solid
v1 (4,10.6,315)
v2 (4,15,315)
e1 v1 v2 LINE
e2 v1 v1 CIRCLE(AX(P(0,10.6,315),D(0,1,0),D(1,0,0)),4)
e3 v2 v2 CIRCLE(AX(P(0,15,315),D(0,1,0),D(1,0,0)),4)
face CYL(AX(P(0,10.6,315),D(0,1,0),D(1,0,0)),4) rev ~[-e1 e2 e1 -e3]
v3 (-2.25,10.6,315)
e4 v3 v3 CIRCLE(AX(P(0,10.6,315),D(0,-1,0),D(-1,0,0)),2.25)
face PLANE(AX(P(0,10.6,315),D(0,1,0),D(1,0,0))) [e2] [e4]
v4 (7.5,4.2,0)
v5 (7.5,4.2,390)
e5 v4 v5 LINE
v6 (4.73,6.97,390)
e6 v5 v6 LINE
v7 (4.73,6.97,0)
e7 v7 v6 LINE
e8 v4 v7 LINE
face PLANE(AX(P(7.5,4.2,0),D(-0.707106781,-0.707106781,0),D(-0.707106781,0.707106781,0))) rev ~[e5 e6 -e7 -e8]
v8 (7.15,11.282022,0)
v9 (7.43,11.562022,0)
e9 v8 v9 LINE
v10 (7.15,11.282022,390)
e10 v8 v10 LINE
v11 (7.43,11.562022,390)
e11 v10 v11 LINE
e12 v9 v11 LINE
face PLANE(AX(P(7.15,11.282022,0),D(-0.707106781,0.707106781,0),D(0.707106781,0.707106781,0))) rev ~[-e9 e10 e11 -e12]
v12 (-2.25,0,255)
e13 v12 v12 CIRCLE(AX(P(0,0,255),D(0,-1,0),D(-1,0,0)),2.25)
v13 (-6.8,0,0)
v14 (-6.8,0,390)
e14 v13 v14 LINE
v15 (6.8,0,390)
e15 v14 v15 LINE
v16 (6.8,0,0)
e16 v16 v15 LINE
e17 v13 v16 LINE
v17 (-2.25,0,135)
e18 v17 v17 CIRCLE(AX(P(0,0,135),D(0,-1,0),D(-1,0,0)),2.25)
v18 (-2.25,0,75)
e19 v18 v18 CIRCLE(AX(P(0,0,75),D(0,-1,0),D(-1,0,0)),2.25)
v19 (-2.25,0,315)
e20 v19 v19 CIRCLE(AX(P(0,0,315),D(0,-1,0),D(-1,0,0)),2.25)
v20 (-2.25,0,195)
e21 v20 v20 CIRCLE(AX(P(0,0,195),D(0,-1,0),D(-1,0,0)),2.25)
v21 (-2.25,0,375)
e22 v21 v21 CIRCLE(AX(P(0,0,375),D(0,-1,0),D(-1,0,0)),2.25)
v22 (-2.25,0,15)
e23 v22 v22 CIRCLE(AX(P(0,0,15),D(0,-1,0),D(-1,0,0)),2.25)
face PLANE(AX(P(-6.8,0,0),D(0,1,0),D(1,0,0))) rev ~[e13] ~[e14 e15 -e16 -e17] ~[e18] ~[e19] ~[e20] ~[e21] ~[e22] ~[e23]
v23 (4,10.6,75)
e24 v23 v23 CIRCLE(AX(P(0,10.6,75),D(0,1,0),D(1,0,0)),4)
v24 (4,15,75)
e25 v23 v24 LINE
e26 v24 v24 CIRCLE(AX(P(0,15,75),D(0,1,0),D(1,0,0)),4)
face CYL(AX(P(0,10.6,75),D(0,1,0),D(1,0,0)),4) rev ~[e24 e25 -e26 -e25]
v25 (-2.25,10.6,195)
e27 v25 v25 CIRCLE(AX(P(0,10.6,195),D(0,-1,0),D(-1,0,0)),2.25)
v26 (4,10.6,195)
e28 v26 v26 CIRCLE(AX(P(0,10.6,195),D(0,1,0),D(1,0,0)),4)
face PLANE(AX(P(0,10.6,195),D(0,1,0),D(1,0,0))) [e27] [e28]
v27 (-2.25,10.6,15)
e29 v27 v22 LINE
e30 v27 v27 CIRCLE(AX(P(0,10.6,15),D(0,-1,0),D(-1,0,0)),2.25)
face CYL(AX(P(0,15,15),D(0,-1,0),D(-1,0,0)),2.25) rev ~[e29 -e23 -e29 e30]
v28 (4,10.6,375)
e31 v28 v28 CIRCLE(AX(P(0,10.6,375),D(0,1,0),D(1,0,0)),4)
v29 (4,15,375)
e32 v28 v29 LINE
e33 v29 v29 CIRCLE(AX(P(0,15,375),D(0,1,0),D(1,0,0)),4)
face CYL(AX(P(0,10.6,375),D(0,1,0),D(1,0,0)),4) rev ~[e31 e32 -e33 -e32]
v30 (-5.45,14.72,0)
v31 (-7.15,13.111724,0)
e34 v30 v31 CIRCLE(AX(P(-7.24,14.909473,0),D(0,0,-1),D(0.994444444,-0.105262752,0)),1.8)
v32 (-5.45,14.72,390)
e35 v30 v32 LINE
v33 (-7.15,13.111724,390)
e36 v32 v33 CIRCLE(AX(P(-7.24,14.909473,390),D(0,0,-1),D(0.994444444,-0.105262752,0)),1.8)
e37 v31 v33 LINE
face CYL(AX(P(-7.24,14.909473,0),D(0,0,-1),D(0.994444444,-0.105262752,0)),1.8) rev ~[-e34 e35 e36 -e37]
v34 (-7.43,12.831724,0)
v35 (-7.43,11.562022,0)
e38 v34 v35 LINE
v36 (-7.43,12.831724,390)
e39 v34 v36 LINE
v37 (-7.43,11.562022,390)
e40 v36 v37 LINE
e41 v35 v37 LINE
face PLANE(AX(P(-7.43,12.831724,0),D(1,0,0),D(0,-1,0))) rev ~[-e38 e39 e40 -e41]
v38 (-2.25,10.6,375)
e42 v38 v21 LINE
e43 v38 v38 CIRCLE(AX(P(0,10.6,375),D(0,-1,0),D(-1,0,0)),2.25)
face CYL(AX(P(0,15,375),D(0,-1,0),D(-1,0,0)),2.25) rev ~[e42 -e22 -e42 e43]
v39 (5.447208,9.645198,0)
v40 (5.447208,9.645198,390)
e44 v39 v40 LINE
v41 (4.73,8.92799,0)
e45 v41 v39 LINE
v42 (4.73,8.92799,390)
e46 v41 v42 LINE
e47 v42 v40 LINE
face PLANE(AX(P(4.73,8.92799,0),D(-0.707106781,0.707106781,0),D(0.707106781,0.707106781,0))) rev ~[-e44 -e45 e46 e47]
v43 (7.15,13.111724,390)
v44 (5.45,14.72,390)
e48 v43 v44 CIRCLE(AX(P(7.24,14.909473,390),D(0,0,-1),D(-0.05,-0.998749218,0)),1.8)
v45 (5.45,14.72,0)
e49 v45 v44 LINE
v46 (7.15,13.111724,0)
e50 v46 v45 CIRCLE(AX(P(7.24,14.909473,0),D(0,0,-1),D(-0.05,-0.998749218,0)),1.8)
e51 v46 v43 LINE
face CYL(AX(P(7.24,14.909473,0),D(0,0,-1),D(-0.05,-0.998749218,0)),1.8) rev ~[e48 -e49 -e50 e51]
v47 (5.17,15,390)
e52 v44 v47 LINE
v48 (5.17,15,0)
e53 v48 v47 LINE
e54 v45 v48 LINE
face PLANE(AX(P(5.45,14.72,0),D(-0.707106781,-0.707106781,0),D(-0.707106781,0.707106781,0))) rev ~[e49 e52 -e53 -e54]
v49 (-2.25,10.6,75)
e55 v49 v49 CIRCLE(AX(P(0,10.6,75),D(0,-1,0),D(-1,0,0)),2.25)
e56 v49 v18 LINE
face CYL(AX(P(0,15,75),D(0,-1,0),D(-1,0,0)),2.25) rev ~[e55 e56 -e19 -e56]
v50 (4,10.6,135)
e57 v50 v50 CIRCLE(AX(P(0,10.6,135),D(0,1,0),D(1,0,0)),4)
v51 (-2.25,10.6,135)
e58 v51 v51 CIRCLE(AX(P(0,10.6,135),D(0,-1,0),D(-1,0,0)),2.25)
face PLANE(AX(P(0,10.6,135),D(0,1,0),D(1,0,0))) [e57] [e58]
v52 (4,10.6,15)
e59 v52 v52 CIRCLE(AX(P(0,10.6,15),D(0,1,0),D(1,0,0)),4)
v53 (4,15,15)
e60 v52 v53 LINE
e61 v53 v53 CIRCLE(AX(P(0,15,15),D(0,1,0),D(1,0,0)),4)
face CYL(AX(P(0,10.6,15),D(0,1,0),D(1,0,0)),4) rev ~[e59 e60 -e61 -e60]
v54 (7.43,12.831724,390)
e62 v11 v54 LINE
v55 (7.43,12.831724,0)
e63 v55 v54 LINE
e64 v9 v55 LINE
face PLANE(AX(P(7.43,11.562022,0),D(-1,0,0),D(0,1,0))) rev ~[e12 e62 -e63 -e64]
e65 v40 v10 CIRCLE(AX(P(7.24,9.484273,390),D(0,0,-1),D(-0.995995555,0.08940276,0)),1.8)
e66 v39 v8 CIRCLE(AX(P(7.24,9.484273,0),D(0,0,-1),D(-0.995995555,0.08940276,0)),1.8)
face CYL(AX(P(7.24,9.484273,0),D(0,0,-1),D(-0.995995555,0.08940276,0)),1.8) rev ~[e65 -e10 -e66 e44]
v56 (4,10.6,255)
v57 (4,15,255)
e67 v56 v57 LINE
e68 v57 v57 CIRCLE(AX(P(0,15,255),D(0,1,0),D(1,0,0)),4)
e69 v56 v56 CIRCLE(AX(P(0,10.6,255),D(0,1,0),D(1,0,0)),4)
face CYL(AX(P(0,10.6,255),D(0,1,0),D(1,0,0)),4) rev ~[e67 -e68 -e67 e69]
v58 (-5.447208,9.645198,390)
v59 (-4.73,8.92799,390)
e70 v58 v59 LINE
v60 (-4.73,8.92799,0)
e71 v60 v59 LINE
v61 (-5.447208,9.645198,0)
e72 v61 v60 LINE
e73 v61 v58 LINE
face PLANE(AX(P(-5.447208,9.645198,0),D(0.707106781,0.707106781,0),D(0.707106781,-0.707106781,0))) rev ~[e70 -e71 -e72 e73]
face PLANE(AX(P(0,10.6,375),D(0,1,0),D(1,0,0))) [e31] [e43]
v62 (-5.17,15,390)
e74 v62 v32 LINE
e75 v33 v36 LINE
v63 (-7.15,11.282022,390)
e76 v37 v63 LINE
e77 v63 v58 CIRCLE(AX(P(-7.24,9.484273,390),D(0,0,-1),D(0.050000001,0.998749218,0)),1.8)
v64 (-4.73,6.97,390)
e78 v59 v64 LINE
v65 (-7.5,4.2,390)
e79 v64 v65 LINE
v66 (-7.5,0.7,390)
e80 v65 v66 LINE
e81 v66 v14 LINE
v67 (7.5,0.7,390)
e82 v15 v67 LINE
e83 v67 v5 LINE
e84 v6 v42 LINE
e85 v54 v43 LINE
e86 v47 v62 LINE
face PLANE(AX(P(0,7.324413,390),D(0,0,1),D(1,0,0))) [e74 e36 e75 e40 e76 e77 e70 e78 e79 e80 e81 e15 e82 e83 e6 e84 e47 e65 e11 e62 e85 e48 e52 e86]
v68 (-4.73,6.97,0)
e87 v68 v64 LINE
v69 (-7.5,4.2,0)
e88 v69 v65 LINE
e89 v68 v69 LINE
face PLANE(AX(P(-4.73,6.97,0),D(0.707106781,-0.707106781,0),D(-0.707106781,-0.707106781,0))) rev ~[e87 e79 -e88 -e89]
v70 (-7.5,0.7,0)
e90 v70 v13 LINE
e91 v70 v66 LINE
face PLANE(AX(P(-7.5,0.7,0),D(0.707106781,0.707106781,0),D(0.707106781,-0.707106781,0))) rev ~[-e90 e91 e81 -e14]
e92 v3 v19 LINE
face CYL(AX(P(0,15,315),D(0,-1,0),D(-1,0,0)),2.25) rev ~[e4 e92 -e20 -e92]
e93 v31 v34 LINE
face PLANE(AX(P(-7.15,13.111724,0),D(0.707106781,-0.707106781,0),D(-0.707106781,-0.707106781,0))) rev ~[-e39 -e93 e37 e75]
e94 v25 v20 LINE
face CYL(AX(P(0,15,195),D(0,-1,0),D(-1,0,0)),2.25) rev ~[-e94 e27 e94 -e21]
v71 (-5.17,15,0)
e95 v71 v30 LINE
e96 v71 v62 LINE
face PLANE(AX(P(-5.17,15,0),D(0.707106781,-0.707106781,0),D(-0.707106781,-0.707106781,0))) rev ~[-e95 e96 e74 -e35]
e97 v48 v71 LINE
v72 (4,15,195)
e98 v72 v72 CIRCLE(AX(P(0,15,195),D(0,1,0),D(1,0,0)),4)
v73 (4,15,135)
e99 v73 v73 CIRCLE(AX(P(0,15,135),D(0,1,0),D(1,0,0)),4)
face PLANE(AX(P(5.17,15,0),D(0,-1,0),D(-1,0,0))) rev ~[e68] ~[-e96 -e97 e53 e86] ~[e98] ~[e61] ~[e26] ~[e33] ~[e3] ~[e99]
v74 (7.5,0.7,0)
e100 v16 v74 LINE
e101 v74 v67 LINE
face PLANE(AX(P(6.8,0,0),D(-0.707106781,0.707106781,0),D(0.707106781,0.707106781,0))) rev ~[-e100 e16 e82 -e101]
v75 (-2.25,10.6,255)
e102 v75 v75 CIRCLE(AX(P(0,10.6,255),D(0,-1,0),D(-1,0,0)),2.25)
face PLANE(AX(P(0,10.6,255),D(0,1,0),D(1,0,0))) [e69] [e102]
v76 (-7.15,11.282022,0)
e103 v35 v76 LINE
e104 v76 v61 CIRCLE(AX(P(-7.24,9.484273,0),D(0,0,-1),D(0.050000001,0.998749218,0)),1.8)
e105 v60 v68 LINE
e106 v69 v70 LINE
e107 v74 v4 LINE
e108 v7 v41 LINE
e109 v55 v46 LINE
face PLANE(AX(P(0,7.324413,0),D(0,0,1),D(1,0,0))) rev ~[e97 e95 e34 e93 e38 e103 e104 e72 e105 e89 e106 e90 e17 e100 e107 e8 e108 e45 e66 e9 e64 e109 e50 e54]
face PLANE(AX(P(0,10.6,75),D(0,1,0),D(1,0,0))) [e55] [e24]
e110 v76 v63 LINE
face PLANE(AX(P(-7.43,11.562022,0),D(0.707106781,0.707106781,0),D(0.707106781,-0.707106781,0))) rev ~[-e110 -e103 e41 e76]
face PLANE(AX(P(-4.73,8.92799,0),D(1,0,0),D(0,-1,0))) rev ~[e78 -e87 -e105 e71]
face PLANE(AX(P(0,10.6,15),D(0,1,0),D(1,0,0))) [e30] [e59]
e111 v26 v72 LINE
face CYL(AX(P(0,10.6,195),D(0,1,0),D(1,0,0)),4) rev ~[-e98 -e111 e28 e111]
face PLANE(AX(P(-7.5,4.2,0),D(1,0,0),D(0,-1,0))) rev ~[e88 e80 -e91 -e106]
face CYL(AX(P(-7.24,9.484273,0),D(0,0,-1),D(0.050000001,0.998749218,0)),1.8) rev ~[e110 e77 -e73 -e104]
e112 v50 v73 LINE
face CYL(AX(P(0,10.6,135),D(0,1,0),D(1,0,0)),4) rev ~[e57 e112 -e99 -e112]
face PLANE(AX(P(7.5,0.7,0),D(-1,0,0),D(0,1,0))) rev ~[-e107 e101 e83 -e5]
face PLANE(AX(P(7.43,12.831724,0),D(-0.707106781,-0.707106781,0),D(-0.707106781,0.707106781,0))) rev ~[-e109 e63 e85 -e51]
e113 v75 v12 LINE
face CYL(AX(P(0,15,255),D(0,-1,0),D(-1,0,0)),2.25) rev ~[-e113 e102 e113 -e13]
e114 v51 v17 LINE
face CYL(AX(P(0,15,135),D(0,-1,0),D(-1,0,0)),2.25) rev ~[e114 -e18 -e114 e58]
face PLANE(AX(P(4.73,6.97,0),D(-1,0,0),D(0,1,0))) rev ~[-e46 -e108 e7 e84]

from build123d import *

# Parameters (mm, degrees)
BOSS_EXTRUDE1_DEPTH                                 = 390
CBORE_FOR_M4_HEX_SOCKET_HEAD_CAP_SCREW3_D           = 4.5
CBORE_FOR_M4_HEX_SOCKET_HEAD_CAP_SCREW3_CBORE_D     = 8
CBORE_FOR_M4_HEX_SOCKET_HEAD_CAP_SCREW3_CBORE_DEPTH = 4.4


with BuildPart() as part:
    # esboco-convertido → Boss-Extrude1 (new body)
    with BuildSketch(Plane.XY):
        with BuildLine():
            Line((-5.17, 15), (-5.45, 14.72))
            ThreePointArc((-5.45, 14.72), (-6.002972259, 13.601894134), (-7.15, 13.111724361))
            Line((-7.15, 13.111724361), (-7.43, 12.831724361))
            Line((-7.43, 12.831724361), (-7.43, 11.562021626))
            Line((-7.43, 11.562021626), (-7.15, 11.282021626))
            ThreePointArc((-7.15, 11.282021626), (-5.99259296, 10.781953917), (-5.447208, 9.645198))
            Line((-5.447208, 9.645198), (-4.73, 8.92799))
            Line((-4.73, 8.92799), (-4.73, 6.97))
            Line((-4.73, 6.97), (-7.5, 4.2))
            Line((-7.5, 4.2), (-7.5, 0.7))
            Line((-7.5, 0.7), (-6.8, 0))
            Line((-6.8, 0), (6.8, 0))
            Line((6.8, 0), (7.5, 0.7))
            Line((7.5, 0.7), (7.5, 4.2))
            Line((7.5, 4.2), (4.73, 6.97))
            Line((4.73, 6.97), (4.73, 8.92799))
            Line((4.73, 8.92799), (5.447208, 9.645198))
            ThreePointArc((5.447208, 9.645198), (5.99259296, 10.781953917), (7.15, 11.282021626))
            Line((7.15, 11.282021626), (7.43, 11.562021626))
            Line((7.43, 11.562021626), (7.43, 12.831724361))
            Line((7.43, 12.831724361), (7.15, 13.111724361))
            ThreePointArc((7.15, 13.111724361), (6.002972259, 13.601894134), (5.45, 14.72))
            Line((5.45, 14.72), (5.17, 15))
            Line((5.17, 15), (-5.17, 15))
        make_face()
    extrude(amount=BOSS_EXTRUDE1_DEPTH)

    # CBORE for M4 Hex Socket Head Cap Screw3 (through all)
    with Locations(Plane(origin=(0, 15, 0), x_dir=(1, 0, 0), z_dir=(0, 1, 0))):
        with Locations((0, -15), (0, -375), (0, -315), (0, -255), (0, -195), (0, -135), (0, -75)):
            CounterBoreHole(CBORE_FOR_M4_HEX_SOCKET_HEAD_CAP_SCREW3_D / 2, CBORE_FOR_M4_HEX_SOCKET_HEAD_CAP_SCREW3_CBORE_D / 2, CBORE_FOR_M4_HEX_SOCKET_HEAD_CAP_SCREW3_CBORE_DEPTH)


solid = part.part
